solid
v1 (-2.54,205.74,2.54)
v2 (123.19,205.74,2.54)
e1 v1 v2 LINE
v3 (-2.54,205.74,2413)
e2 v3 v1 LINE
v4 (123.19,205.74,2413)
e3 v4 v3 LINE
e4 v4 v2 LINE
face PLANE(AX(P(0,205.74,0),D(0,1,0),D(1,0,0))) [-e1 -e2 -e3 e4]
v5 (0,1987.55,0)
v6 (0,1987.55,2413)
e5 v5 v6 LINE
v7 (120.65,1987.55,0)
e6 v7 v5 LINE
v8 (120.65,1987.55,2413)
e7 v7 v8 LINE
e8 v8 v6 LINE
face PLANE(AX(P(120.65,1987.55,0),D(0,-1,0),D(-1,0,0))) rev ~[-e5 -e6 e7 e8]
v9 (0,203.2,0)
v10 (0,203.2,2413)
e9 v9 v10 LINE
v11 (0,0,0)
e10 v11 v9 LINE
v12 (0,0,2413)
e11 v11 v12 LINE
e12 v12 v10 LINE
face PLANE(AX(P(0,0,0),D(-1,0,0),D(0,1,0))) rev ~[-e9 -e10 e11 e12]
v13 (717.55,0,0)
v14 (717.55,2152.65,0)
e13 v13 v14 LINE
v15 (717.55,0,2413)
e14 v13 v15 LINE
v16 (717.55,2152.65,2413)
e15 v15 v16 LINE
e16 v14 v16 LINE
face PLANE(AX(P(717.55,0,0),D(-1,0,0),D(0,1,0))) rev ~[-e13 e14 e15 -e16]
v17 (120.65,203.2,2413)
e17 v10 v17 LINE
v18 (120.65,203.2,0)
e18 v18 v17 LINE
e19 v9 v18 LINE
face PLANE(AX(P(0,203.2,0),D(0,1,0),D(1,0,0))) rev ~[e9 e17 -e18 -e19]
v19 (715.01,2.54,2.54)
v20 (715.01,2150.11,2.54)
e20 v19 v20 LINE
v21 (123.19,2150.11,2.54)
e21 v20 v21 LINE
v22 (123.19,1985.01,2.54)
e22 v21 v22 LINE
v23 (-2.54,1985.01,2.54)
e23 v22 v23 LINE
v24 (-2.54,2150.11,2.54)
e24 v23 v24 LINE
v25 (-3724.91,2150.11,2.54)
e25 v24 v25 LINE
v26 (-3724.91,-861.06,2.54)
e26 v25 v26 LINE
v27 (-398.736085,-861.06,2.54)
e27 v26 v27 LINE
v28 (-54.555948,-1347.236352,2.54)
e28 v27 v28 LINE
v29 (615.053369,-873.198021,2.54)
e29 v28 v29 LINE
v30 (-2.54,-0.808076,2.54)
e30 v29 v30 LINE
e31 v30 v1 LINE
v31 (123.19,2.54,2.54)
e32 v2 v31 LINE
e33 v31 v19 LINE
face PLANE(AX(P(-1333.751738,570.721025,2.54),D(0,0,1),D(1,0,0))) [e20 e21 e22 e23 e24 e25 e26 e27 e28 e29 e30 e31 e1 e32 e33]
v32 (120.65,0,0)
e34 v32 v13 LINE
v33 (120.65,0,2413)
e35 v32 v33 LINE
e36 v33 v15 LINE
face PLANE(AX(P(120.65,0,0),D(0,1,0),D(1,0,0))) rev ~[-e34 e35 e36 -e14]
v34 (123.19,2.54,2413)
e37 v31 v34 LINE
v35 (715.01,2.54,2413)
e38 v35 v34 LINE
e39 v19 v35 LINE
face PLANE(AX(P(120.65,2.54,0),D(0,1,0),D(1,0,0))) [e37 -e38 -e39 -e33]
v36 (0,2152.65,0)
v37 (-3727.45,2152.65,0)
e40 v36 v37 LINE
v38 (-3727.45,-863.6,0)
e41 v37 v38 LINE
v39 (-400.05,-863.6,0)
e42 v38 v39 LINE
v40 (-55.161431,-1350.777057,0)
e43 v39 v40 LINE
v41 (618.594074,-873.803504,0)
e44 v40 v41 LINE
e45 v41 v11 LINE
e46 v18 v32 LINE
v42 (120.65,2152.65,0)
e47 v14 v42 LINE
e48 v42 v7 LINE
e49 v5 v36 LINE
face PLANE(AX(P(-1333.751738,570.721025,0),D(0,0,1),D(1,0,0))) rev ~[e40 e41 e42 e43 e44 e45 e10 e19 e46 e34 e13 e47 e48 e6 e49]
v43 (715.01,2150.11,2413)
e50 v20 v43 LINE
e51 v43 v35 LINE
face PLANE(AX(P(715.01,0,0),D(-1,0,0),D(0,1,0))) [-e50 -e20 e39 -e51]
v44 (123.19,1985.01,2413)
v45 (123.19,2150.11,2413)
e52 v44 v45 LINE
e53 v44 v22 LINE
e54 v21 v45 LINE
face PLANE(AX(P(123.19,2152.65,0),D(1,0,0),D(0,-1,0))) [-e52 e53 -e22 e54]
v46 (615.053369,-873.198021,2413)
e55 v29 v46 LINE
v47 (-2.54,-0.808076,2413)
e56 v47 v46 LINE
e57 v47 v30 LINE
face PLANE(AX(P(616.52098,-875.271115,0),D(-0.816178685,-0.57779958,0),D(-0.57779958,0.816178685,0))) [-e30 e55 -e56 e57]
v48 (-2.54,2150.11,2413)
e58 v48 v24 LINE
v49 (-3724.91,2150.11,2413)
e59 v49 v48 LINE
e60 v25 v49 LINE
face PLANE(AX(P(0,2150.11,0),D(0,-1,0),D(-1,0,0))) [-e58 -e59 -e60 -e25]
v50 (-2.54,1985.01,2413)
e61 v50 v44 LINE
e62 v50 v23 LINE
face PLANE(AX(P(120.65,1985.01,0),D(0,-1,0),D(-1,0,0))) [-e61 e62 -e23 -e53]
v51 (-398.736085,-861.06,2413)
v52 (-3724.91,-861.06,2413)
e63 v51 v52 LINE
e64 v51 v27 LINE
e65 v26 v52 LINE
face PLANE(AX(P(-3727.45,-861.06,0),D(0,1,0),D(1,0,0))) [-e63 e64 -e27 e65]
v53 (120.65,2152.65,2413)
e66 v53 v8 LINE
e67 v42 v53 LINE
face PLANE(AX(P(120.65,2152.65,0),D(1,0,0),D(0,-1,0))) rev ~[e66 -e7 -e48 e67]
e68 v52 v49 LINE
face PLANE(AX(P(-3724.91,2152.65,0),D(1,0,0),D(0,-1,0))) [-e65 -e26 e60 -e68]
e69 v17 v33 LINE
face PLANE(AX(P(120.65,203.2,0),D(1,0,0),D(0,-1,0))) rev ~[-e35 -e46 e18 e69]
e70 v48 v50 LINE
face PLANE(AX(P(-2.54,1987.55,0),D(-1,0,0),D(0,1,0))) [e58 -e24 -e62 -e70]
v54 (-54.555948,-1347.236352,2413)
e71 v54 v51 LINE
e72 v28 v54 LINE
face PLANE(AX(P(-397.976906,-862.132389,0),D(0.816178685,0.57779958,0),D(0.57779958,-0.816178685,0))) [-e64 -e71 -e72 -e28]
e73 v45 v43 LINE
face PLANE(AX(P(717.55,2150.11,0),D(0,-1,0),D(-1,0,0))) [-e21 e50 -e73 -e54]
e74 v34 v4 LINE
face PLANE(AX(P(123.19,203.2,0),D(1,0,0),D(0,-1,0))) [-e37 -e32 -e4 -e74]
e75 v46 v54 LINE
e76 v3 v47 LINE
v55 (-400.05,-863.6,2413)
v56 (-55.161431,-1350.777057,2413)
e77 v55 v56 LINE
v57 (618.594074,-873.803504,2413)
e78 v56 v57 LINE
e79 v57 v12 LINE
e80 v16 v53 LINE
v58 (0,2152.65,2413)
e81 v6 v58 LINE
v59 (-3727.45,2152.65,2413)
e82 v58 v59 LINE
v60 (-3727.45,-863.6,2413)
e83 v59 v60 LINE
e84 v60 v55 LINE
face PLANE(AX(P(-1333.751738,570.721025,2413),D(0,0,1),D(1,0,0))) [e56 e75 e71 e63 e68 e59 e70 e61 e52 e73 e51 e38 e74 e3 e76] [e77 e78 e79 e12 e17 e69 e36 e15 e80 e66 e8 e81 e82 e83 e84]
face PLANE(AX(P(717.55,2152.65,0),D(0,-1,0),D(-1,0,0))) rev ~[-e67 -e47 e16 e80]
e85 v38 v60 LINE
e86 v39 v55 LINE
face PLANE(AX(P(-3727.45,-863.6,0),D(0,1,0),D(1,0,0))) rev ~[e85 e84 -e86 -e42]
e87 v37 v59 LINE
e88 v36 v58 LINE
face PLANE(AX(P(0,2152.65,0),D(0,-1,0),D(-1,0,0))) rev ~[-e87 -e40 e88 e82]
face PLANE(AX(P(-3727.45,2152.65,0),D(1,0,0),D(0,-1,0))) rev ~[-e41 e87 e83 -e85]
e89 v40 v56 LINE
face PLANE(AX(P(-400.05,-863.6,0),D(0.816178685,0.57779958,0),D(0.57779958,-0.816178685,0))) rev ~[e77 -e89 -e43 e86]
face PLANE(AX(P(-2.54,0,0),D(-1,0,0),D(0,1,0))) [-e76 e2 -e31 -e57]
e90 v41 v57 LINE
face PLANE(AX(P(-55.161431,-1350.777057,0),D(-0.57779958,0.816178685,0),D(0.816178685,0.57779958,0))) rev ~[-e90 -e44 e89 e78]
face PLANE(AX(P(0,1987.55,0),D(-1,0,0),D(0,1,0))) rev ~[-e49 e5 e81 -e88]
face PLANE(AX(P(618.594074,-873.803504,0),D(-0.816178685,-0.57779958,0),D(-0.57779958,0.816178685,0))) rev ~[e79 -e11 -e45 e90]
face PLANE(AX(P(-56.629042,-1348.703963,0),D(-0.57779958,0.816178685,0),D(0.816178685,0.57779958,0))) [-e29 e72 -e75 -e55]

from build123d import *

# Parameters (mm, degrees)
F1_DEPTH = 2413
F2_T     = -2.54


with BuildPart() as f1:
    # F0 (on Top) → F1 (new body)
    with BuildSketch(Plane.XY):
        Polygon((0, 2152.65), (-3727.45, 2152.65), (-3727.45, -863.6), (-400.05, -863.6), (-55.1614308014, -1350.7770569682), (618.5940735162, -873.8035038212), (0, 0), (0, 203.2), (120.65, 203.2), (120.65, 0), (717.55, 0), (717.55, 2152.65), (120.65, 2152.65), (120.65, 1987.55), (0, 1987.55), align=None)
    extrude(amount=F1_DEPTH)

    # F2
    f2_openings = [f1.faces().sort_by_distance(p)[0] for p in [
        (-1533.609326, 637.702841, 2413),
    ]]
    offset(amount=F2_T, openings=f2_openings, kind=Kind.INTERSECTION)


solid = f1.part
